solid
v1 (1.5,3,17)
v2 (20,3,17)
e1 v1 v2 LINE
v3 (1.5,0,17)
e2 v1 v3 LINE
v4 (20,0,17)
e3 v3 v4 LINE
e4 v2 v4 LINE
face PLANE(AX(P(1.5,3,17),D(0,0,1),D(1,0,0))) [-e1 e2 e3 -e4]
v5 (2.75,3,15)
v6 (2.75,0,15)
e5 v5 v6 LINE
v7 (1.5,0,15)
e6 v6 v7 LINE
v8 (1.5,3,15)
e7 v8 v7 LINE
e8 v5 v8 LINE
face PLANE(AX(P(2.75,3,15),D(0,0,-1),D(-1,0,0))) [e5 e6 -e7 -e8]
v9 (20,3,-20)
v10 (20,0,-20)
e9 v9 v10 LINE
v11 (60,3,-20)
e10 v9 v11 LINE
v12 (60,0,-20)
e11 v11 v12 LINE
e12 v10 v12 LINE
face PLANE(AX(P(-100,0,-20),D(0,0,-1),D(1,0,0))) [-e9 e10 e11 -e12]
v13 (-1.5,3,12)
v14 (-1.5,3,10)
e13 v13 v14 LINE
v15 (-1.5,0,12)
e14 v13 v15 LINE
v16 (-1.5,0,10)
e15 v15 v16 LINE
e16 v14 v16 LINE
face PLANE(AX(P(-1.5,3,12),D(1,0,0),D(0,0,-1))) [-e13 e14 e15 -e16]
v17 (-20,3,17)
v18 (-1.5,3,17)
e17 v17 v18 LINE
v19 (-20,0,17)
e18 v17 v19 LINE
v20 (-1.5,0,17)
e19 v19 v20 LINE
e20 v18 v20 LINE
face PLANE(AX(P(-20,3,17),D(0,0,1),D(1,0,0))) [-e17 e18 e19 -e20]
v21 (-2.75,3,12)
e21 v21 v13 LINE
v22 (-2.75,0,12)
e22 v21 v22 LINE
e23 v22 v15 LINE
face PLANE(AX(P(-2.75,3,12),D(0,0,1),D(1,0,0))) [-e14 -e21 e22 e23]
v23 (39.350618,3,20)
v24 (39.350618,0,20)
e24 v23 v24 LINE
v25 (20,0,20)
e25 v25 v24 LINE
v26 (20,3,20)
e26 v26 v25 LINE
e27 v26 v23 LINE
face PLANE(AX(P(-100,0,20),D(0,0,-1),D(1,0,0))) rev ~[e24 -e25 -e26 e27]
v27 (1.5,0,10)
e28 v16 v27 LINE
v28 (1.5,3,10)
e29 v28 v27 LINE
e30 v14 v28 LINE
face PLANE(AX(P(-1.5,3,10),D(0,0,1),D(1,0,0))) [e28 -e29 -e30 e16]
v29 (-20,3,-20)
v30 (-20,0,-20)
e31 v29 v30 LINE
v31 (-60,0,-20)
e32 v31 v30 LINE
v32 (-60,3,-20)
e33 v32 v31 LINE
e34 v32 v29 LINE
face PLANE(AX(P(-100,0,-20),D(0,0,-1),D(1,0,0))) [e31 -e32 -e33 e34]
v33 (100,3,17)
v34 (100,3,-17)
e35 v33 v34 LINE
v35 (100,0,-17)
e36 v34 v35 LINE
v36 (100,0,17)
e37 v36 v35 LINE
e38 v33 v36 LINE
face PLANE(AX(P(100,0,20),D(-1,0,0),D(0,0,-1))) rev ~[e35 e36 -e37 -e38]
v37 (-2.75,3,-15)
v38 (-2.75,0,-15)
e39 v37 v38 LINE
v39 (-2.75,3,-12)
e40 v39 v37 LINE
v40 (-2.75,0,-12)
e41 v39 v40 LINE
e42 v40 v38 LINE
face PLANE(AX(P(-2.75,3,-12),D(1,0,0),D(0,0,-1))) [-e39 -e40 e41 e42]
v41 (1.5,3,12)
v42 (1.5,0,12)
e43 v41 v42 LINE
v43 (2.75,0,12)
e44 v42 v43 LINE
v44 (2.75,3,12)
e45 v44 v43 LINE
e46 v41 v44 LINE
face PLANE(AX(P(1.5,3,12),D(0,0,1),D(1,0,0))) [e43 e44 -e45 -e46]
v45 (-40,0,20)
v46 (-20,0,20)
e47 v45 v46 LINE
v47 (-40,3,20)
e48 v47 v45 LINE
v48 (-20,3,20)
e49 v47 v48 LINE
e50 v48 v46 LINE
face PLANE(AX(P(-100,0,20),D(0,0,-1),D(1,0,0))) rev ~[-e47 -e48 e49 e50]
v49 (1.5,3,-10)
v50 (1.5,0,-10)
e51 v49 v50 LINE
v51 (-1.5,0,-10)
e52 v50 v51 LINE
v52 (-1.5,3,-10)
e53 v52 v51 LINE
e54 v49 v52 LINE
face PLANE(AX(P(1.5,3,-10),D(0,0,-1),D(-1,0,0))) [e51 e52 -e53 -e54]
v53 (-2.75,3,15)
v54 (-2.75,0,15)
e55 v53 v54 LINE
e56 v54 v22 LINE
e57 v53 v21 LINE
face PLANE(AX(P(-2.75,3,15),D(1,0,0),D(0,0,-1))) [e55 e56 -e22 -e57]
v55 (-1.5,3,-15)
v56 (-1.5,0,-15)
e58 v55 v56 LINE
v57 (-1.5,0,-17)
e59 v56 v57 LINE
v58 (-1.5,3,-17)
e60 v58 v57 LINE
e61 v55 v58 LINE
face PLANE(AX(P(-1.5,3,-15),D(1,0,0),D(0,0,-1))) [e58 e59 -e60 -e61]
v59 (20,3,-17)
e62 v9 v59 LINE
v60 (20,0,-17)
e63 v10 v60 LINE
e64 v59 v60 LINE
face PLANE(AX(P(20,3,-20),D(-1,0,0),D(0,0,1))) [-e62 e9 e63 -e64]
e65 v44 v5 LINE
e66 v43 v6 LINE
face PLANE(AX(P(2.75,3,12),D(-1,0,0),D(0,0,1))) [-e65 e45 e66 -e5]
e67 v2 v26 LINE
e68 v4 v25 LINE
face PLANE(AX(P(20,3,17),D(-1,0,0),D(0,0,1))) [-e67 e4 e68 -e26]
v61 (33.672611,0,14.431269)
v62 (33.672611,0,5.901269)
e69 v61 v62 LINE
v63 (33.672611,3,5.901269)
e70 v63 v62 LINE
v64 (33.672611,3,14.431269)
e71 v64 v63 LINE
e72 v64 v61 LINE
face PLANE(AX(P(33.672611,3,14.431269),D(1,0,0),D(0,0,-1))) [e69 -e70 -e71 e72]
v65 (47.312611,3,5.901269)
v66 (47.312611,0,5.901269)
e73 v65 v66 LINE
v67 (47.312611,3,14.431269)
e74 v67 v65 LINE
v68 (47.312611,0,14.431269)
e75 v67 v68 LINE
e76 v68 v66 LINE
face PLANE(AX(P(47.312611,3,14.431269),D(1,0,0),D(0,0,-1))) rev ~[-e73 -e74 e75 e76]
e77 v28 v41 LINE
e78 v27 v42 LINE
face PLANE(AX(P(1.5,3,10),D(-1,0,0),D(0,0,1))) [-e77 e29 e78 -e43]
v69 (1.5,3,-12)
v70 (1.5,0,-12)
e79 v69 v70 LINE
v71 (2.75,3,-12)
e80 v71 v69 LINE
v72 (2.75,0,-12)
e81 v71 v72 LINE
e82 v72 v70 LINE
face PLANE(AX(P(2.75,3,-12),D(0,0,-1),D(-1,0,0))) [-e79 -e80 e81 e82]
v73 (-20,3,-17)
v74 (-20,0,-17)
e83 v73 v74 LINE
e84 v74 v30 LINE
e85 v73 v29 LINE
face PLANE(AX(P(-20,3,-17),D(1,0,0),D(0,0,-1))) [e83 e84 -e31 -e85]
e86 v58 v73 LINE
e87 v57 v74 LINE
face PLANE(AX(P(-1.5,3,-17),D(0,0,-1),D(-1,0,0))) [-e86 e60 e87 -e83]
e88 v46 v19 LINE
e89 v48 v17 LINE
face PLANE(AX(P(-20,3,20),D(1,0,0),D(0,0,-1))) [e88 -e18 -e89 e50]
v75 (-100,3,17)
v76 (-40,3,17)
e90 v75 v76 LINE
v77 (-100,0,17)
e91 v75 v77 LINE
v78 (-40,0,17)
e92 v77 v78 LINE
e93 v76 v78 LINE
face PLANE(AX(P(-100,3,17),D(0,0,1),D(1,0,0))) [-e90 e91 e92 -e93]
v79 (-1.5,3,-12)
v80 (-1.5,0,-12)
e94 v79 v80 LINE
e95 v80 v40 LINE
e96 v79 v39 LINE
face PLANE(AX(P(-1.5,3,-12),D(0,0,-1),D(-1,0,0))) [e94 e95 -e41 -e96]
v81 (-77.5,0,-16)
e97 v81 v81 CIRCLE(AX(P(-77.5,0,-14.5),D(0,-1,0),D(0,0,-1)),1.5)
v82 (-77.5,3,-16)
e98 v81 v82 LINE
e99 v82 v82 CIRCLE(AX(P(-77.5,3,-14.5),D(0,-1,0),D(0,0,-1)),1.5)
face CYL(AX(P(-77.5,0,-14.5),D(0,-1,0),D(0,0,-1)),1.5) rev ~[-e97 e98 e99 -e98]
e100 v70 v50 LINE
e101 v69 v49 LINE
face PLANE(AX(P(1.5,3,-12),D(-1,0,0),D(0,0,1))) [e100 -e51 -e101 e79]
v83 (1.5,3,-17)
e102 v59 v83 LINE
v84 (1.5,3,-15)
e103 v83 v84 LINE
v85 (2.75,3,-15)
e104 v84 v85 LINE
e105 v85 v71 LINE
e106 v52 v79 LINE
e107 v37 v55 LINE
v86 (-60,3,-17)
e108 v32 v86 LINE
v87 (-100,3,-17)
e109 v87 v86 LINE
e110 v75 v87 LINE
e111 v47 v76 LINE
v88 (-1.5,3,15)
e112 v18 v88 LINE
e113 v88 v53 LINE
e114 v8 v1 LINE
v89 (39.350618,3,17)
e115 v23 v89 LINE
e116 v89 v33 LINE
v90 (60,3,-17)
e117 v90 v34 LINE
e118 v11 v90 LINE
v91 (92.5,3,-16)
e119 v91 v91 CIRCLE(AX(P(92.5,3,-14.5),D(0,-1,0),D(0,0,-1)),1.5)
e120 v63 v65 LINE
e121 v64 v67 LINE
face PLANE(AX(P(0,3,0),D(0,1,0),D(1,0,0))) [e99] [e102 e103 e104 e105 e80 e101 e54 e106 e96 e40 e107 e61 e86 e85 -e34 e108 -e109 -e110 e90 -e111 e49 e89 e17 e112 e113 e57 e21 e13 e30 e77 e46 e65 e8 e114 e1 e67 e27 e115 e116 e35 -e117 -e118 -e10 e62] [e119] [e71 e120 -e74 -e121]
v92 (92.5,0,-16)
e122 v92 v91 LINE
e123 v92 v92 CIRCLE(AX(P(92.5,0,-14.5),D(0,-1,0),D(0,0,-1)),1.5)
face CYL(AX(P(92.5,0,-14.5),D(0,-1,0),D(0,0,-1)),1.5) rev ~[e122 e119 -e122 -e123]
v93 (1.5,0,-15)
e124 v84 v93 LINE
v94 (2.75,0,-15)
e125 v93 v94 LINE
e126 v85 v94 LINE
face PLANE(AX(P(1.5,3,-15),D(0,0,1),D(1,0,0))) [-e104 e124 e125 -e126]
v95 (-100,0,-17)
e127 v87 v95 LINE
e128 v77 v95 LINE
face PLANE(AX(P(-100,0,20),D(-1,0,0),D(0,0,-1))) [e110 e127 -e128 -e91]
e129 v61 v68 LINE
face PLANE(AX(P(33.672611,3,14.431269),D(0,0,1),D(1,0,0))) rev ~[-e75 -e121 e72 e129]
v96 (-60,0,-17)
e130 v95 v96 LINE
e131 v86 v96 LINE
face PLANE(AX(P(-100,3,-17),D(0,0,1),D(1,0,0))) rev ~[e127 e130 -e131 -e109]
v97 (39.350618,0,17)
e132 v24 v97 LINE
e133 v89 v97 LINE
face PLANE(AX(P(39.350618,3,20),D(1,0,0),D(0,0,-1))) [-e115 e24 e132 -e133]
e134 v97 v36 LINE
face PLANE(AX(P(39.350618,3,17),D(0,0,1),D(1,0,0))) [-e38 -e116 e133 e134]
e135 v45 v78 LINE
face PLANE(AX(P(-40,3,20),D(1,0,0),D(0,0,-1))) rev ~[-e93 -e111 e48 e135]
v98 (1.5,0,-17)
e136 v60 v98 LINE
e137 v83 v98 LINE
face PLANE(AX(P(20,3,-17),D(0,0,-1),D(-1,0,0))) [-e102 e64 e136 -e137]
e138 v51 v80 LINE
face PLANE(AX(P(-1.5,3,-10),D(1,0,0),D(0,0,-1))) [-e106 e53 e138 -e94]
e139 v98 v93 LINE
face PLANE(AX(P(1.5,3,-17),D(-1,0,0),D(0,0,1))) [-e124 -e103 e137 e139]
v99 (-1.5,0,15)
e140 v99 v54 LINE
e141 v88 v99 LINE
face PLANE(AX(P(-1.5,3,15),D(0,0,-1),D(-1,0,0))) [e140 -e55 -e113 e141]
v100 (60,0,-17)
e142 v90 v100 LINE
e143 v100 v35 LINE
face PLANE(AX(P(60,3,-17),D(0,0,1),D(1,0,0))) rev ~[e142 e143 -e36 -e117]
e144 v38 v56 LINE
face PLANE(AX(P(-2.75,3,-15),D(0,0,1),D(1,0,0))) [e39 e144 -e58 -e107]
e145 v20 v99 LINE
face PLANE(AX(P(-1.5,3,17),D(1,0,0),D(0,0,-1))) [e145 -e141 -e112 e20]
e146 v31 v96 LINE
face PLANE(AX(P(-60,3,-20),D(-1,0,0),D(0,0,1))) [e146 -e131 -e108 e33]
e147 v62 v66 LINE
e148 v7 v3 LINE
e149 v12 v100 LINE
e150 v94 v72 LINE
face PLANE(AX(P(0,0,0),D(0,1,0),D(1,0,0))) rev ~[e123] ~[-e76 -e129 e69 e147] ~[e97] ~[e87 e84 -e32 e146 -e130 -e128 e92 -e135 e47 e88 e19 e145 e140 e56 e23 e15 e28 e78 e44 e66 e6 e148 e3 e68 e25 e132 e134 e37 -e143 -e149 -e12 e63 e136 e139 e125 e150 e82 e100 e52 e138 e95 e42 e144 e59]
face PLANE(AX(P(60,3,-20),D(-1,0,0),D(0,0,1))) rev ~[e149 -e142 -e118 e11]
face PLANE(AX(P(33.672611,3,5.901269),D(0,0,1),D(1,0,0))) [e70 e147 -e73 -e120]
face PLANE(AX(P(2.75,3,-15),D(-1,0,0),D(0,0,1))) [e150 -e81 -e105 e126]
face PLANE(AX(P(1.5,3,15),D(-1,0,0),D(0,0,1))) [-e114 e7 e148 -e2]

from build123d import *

# Parameters (mm, degrees)
SKETCH1_W           = 200
SKETCH1_H           = 40
BOSS_EXTRUDE1_DEPTH = 3
SKETCH3_W           = 60
SKETCH3_H           = 3
SKETCH3_W_2         = 60.649381746
CUT_EXTRUDE1_DEPTH  = 3
SKETCH4_W           = 13.64
SKETCH4_H           = 8.53
CUT_EXTRUDE2_DEPTH  = 3
SKETCH6_R           = 1.5
CUT_EXTRUDE3_DEPTH  = 3


with BuildPart() as part:
    # Sketch1 → Boss-Extrude1 (new body)
    with BuildSketch(Plane(origin=(0, 0, 0), x_dir=(1, 0, 0), z_dir=(0, 1, 0))):
        Rectangle(SKETCH1_W, SKETCH1_H)
    extrude(amount=BOSS_EXTRUDE1_DEPTH)

    # Sketch3 → Cut-Extrude1 (cut)
    with BuildSketch(Plane(origin=(0, 3, 0), x_dir=(1, 0, 0), z_dir=(0, 1, 0))):
        Polygon((-20, -20), (-20, -17), (-1.5, -17), (-1.5, -15), (-2.75, -15), (-2.75, -12), (-1.5, -12), (-1.5, -10), (1.5, -10), (1.5, -12), (2.75, -12), (2.75, -15), (1.5, -15), (1.5, -17), (20, -17), (20, -20), align=None)
        with Locations((-70, -18.5)):
            Rectangle(SKETCH3_W, SKETCH3_H)
        with Locations((69.675309127, -18.5)):
            Rectangle(SKETCH3_W_2, SKETCH3_H)
        Polygon((85, 17), (100, 17), (100, 20), (60, 20), (60, 17), (82, 17), align=None)
        Polygon((20, 20), (20, 17), (1.5, 17), (1.5, 15), (2.75, 15), (2.75, 12), (1.5, 12), (1.5, 10), (-1.5, 10), (-1.5, 12), (-2.75, 12), (-2.75, 15), (-1.5, 15), (-1.5, 17), (-20, 17), (-20, 20), align=None)
        Polygon((-60, 20), (-60, 17), (-82, 17), (-85, 17), (-100, 17), (-100, 20), align=None)
    extrude(amount=-CUT_EXTRUDE1_DEPTH, mode=Mode.SUBTRACT)

    # Sketch4 → Cut-Extrude2 (cut)
    with BuildSketch(Plane(origin=(0, 3, 0), x_dir=(1, 0, 0), z_dir=(0, 1, 0))):
        with Locations((40.492611387, -10.166269366)):
            Rectangle(SKETCH4_W, SKETCH4_H)
    extrude(amount=-CUT_EXTRUDE2_DEPTH, mode=Mode.SUBTRACT)

    # Sketch6 → Cut-Extrude3 (cut)
    with BuildSketch(Plane.XZ):
        with Locations(Location((92.5, -14.5, 0), (0, 0, 270))):
            Circle(SKETCH6_R)
        with Locations(Location((-77.5, -14.5, 0), (0, 0, 270))):
            Circle(SKETCH6_R)
    extrude(amount=-CUT_EXTRUDE3_DEPTH, mode=Mode.SUBTRACT)


solid = part.part
